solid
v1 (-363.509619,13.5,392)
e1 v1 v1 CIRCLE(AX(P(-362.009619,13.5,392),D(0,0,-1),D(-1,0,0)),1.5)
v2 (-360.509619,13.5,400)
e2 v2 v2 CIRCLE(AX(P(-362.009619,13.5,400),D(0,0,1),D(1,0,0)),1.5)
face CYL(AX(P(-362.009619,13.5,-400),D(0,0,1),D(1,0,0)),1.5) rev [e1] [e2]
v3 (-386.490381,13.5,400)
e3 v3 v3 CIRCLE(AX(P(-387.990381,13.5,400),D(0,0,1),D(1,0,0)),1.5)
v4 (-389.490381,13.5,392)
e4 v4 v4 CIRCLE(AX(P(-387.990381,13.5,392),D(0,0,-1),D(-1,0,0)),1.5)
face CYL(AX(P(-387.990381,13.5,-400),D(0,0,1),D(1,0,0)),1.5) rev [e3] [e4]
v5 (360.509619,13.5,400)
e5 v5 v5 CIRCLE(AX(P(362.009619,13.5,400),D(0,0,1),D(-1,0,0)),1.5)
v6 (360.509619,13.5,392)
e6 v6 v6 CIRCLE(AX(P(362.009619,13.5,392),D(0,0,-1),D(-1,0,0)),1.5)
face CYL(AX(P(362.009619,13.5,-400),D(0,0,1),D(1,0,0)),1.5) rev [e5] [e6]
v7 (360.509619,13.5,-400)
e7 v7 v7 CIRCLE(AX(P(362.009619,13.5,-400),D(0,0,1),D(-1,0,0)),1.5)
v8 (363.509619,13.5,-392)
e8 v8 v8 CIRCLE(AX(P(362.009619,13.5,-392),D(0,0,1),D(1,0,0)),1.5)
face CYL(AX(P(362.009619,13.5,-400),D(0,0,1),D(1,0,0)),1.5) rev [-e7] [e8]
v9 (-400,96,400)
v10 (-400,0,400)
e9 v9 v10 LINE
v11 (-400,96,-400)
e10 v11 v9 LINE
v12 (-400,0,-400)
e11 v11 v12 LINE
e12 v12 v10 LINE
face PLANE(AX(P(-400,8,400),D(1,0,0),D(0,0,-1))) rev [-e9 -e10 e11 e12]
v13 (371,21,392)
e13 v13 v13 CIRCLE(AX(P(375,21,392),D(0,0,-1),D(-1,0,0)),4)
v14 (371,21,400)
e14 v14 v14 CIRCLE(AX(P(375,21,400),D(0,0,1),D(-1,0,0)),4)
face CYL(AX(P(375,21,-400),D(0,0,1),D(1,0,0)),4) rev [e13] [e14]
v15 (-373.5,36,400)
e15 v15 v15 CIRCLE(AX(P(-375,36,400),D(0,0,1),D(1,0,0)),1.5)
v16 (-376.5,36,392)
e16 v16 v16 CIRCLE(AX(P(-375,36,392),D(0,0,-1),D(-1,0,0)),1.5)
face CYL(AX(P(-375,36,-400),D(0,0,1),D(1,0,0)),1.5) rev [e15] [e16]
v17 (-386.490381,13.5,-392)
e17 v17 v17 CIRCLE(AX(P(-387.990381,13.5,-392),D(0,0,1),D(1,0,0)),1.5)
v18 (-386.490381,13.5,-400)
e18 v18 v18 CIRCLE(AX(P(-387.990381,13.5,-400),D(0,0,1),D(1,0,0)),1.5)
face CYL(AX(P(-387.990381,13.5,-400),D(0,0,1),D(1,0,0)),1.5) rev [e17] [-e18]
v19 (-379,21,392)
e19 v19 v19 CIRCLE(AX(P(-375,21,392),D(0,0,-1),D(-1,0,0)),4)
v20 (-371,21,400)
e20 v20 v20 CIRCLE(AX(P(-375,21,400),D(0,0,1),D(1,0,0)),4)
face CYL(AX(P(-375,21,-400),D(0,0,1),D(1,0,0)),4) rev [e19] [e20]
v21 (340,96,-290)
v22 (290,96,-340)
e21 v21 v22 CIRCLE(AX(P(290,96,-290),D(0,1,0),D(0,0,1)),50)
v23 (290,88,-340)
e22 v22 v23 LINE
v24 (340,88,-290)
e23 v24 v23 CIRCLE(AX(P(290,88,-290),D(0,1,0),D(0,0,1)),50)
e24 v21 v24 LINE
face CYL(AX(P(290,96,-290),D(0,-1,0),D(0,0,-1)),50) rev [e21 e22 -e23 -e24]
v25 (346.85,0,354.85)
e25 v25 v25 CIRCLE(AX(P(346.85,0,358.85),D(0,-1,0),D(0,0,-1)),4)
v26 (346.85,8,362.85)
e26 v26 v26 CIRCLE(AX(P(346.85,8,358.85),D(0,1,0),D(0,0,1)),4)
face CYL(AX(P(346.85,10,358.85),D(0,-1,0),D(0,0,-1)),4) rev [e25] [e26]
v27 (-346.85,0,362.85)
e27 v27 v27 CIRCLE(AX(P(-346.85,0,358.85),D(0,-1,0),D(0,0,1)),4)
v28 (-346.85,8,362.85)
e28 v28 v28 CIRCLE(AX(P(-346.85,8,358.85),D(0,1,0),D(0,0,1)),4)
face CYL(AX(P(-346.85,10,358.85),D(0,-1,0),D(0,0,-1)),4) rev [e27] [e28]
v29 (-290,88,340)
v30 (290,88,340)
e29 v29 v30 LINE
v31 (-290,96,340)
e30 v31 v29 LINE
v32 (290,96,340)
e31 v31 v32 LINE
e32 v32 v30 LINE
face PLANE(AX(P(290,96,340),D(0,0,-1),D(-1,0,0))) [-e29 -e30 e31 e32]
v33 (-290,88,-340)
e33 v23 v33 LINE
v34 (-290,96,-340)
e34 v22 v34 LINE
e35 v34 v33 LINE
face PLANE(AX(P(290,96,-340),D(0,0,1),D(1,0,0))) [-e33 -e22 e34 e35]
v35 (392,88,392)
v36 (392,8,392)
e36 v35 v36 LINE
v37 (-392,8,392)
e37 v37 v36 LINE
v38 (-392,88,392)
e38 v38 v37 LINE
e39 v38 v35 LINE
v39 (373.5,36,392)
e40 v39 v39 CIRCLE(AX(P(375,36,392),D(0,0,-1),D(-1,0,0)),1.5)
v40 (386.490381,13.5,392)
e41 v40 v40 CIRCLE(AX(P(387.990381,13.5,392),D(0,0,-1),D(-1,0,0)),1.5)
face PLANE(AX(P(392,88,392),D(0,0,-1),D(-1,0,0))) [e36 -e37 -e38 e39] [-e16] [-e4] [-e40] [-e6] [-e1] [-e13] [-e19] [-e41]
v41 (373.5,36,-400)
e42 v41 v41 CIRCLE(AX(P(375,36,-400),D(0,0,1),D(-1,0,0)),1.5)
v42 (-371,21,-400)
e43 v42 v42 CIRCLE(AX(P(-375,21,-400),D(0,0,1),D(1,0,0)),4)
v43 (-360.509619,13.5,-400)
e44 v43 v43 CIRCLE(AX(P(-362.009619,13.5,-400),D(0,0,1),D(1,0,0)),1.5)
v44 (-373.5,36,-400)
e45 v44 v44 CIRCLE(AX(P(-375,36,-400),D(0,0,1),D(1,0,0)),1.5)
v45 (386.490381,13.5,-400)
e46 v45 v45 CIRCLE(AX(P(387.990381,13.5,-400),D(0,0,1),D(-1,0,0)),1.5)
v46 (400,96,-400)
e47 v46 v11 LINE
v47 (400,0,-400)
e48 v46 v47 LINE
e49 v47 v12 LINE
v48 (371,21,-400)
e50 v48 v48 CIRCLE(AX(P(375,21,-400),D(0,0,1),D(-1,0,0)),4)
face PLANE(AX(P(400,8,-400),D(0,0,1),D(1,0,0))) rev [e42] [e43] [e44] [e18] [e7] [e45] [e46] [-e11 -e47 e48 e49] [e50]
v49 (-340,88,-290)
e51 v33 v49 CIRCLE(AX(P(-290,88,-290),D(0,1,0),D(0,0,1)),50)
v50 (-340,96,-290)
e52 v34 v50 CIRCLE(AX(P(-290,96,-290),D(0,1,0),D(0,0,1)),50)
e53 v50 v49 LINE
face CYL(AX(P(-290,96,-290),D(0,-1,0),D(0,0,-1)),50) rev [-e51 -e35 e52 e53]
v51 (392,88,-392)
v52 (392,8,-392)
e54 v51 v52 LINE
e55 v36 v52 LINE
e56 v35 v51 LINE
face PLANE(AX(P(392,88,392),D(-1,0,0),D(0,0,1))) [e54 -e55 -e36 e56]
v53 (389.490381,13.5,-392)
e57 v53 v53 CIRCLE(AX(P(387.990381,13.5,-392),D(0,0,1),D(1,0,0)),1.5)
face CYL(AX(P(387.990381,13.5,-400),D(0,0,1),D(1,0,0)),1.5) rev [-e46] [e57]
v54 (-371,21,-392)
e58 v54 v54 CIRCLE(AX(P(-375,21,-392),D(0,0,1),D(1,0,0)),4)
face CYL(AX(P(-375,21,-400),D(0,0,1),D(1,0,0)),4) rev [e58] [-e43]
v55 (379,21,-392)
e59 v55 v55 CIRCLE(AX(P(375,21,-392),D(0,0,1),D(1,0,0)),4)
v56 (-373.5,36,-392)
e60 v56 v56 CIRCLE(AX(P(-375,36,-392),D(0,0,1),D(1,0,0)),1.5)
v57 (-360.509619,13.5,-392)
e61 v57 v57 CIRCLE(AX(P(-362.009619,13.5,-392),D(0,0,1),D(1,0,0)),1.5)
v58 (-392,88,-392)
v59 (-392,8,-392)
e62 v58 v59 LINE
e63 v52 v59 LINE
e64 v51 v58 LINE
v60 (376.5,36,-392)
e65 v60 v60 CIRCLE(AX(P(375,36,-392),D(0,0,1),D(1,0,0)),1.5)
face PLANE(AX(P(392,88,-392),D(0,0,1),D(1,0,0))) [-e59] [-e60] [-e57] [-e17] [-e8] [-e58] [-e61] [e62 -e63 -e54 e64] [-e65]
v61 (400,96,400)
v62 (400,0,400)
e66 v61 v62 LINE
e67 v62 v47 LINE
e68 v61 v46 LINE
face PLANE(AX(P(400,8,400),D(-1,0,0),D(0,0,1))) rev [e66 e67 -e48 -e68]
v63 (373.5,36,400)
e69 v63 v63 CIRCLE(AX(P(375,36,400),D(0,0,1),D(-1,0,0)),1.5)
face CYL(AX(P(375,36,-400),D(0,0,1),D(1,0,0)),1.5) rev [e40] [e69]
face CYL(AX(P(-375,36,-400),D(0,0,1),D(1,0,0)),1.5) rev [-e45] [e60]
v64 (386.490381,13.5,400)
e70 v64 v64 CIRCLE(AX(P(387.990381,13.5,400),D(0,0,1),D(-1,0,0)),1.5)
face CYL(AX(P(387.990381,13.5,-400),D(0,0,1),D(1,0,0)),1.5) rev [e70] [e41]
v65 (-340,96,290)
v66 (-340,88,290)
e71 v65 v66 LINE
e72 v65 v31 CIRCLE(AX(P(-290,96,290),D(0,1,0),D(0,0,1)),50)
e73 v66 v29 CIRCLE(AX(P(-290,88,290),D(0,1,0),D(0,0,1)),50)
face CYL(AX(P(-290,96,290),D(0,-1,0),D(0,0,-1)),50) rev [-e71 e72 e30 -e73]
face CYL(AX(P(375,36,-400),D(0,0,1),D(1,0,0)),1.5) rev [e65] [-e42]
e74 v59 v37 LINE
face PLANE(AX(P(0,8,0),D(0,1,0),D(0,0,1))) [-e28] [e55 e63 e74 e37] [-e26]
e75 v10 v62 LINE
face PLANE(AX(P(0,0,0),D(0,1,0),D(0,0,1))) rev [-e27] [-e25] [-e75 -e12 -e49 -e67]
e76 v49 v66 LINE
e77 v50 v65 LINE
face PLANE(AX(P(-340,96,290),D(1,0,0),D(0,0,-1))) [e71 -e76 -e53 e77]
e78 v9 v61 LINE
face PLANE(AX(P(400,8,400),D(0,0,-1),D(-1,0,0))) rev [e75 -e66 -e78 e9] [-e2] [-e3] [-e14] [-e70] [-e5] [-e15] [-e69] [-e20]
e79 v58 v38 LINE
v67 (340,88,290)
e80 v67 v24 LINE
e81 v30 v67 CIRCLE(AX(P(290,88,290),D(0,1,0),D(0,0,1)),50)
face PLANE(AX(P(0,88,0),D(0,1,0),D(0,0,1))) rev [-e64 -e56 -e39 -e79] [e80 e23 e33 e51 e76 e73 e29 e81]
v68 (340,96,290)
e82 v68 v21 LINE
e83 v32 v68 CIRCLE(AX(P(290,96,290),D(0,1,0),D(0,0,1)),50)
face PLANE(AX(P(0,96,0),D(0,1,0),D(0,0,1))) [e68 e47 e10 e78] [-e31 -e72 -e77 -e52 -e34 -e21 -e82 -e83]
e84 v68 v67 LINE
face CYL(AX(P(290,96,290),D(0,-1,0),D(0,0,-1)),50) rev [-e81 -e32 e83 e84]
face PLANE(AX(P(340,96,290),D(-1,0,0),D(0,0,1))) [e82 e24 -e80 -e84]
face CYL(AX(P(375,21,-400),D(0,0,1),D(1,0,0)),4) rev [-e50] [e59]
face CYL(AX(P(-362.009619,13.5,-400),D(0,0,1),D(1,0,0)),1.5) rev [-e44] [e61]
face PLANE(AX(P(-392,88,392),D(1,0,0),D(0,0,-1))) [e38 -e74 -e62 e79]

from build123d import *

# Parameters (mm, degrees)
SKETCH1_W           = 800
SKETCH1_H           = 800
BOSS_EXTRUDE1_DEPTH = 8
SKETCH2_W           = 800
SKETCH2_H           = 800
SKETCH2_W_2         = 784
SKETCH2_H_2         = 784
BOSS_EXTRUDE2_DEPTH = 80
SKETCH3_W           = 800
SKETCH3_H           = 800
BOSS_EXTRUDE3_DEPTH = 8
SKETCH4_R           = 4
CUT_EXTRUDE1_DEPTH  = 800
SKETCH5_R           = 1.5
CUT_EXTRUDE2_DEPTH  = 800
SKETCH6_R           = 4
CUT_EXTRUDE3_DEPTH  = 10


with BuildPart() as part:
    # Sketch1 → Boss-Extrude1 (new body)
    with BuildSketch(Plane(origin=(0, 0, 0), x_dir=(1, 0, 0), z_dir=(0, 1, 0))):
        Rectangle(SKETCH1_W, SKETCH1_H)
    extrude(amount=BOSS_EXTRUDE1_DEPTH)

    # Sketch2 → Boss-Extrude2 (add)
    with BuildSketch(Plane(origin=(0, 8, 0), x_dir=(1, 0, 0), z_dir=(0, 1, 0))):
        Rectangle(SKETCH2_W, SKETCH2_H)
        Rectangle(SKETCH2_W_2, SKETCH2_H_2, mode=Mode.SUBTRACT)
    extrude(amount=BOSS_EXTRUDE2_DEPTH)

    # Sketch3 → Boss-Extrude3 (add)
    with BuildSketch(Plane(origin=(0, 88, 0), x_dir=(1, 0, 0), z_dir=(0, 1, 0))):
        Rectangle(SKETCH3_W, SKETCH3_H)
        with BuildLine():
            Line((290, -340), (-290, -340))
            ThreePointArc((-290, -340), (-325.355339059, -325.355339059), (-340, -290))
            Line((-340, -290), (-340, 290))
            ThreePointArc((-340, 290), (-325.355339059, 325.355339059), (-290, 340))
            Line((-290, 340), (290, 340))
            ThreePointArc((290, 340), (325.355339059, 325.355339059), (340, 290))
            Line((340, 290), (340, -290))
            ThreePointArc((340, -290), (325.355339059, -325.355339059), (290, -340))
        make_face(mode=Mode.SUBTRACT)
    extrude(amount=BOSS_EXTRUDE3_DEPTH)

    # Sketch4 → Cut-Extrude1 (cut)
    with BuildSketch(Plane.XY.offset(400)):
        with Locations((-375, 21)):
            Circle(SKETCH4_R)
        with Locations((375, 21)):
            Circle(SKETCH4_R)
    extrude(amount=-CUT_EXTRUDE1_DEPTH, mode=Mode.SUBTRACT)

    # Sketch5 → Cut-Extrude2 (cut)
    with BuildSketch(Plane.XY.offset(400)):
        with Locations((-375, 36)):
            Circle(SKETCH5_R)
        with Locations((-387.990381057, 13.5)):
            Circle(SKETCH5_R)
        with Locations((-362.009618943, 13.5)):
            Circle(SKETCH5_R)
        with Locations((362.009618943, 13.5)):
            Circle(SKETCH5_R)
        with Locations((387.990381057, 13.5)):
            Circle(SKETCH5_R)
        with Locations((375, 36)):
            Circle(SKETCH5_R)
    extrude(amount=-CUT_EXTRUDE2_DEPTH, mode=Mode.SUBTRACT)

    # Sketch6 → Cut-Extrude3 (cut)
    with BuildSketch(Plane(origin=(0, 0, 0), x_dir=(-1, 0, 0), z_dir=(0, -1, 0))):
        with Locations((-346.85, -358.85)):
            Circle(SKETCH6_R)
        with Locations((346.85, -358.85)):
            Circle(SKETCH6_R)
    extrude(amount=-CUT_EXTRUDE3_DEPTH, mode=Mode.SUBTRACT)


solid = part.part
